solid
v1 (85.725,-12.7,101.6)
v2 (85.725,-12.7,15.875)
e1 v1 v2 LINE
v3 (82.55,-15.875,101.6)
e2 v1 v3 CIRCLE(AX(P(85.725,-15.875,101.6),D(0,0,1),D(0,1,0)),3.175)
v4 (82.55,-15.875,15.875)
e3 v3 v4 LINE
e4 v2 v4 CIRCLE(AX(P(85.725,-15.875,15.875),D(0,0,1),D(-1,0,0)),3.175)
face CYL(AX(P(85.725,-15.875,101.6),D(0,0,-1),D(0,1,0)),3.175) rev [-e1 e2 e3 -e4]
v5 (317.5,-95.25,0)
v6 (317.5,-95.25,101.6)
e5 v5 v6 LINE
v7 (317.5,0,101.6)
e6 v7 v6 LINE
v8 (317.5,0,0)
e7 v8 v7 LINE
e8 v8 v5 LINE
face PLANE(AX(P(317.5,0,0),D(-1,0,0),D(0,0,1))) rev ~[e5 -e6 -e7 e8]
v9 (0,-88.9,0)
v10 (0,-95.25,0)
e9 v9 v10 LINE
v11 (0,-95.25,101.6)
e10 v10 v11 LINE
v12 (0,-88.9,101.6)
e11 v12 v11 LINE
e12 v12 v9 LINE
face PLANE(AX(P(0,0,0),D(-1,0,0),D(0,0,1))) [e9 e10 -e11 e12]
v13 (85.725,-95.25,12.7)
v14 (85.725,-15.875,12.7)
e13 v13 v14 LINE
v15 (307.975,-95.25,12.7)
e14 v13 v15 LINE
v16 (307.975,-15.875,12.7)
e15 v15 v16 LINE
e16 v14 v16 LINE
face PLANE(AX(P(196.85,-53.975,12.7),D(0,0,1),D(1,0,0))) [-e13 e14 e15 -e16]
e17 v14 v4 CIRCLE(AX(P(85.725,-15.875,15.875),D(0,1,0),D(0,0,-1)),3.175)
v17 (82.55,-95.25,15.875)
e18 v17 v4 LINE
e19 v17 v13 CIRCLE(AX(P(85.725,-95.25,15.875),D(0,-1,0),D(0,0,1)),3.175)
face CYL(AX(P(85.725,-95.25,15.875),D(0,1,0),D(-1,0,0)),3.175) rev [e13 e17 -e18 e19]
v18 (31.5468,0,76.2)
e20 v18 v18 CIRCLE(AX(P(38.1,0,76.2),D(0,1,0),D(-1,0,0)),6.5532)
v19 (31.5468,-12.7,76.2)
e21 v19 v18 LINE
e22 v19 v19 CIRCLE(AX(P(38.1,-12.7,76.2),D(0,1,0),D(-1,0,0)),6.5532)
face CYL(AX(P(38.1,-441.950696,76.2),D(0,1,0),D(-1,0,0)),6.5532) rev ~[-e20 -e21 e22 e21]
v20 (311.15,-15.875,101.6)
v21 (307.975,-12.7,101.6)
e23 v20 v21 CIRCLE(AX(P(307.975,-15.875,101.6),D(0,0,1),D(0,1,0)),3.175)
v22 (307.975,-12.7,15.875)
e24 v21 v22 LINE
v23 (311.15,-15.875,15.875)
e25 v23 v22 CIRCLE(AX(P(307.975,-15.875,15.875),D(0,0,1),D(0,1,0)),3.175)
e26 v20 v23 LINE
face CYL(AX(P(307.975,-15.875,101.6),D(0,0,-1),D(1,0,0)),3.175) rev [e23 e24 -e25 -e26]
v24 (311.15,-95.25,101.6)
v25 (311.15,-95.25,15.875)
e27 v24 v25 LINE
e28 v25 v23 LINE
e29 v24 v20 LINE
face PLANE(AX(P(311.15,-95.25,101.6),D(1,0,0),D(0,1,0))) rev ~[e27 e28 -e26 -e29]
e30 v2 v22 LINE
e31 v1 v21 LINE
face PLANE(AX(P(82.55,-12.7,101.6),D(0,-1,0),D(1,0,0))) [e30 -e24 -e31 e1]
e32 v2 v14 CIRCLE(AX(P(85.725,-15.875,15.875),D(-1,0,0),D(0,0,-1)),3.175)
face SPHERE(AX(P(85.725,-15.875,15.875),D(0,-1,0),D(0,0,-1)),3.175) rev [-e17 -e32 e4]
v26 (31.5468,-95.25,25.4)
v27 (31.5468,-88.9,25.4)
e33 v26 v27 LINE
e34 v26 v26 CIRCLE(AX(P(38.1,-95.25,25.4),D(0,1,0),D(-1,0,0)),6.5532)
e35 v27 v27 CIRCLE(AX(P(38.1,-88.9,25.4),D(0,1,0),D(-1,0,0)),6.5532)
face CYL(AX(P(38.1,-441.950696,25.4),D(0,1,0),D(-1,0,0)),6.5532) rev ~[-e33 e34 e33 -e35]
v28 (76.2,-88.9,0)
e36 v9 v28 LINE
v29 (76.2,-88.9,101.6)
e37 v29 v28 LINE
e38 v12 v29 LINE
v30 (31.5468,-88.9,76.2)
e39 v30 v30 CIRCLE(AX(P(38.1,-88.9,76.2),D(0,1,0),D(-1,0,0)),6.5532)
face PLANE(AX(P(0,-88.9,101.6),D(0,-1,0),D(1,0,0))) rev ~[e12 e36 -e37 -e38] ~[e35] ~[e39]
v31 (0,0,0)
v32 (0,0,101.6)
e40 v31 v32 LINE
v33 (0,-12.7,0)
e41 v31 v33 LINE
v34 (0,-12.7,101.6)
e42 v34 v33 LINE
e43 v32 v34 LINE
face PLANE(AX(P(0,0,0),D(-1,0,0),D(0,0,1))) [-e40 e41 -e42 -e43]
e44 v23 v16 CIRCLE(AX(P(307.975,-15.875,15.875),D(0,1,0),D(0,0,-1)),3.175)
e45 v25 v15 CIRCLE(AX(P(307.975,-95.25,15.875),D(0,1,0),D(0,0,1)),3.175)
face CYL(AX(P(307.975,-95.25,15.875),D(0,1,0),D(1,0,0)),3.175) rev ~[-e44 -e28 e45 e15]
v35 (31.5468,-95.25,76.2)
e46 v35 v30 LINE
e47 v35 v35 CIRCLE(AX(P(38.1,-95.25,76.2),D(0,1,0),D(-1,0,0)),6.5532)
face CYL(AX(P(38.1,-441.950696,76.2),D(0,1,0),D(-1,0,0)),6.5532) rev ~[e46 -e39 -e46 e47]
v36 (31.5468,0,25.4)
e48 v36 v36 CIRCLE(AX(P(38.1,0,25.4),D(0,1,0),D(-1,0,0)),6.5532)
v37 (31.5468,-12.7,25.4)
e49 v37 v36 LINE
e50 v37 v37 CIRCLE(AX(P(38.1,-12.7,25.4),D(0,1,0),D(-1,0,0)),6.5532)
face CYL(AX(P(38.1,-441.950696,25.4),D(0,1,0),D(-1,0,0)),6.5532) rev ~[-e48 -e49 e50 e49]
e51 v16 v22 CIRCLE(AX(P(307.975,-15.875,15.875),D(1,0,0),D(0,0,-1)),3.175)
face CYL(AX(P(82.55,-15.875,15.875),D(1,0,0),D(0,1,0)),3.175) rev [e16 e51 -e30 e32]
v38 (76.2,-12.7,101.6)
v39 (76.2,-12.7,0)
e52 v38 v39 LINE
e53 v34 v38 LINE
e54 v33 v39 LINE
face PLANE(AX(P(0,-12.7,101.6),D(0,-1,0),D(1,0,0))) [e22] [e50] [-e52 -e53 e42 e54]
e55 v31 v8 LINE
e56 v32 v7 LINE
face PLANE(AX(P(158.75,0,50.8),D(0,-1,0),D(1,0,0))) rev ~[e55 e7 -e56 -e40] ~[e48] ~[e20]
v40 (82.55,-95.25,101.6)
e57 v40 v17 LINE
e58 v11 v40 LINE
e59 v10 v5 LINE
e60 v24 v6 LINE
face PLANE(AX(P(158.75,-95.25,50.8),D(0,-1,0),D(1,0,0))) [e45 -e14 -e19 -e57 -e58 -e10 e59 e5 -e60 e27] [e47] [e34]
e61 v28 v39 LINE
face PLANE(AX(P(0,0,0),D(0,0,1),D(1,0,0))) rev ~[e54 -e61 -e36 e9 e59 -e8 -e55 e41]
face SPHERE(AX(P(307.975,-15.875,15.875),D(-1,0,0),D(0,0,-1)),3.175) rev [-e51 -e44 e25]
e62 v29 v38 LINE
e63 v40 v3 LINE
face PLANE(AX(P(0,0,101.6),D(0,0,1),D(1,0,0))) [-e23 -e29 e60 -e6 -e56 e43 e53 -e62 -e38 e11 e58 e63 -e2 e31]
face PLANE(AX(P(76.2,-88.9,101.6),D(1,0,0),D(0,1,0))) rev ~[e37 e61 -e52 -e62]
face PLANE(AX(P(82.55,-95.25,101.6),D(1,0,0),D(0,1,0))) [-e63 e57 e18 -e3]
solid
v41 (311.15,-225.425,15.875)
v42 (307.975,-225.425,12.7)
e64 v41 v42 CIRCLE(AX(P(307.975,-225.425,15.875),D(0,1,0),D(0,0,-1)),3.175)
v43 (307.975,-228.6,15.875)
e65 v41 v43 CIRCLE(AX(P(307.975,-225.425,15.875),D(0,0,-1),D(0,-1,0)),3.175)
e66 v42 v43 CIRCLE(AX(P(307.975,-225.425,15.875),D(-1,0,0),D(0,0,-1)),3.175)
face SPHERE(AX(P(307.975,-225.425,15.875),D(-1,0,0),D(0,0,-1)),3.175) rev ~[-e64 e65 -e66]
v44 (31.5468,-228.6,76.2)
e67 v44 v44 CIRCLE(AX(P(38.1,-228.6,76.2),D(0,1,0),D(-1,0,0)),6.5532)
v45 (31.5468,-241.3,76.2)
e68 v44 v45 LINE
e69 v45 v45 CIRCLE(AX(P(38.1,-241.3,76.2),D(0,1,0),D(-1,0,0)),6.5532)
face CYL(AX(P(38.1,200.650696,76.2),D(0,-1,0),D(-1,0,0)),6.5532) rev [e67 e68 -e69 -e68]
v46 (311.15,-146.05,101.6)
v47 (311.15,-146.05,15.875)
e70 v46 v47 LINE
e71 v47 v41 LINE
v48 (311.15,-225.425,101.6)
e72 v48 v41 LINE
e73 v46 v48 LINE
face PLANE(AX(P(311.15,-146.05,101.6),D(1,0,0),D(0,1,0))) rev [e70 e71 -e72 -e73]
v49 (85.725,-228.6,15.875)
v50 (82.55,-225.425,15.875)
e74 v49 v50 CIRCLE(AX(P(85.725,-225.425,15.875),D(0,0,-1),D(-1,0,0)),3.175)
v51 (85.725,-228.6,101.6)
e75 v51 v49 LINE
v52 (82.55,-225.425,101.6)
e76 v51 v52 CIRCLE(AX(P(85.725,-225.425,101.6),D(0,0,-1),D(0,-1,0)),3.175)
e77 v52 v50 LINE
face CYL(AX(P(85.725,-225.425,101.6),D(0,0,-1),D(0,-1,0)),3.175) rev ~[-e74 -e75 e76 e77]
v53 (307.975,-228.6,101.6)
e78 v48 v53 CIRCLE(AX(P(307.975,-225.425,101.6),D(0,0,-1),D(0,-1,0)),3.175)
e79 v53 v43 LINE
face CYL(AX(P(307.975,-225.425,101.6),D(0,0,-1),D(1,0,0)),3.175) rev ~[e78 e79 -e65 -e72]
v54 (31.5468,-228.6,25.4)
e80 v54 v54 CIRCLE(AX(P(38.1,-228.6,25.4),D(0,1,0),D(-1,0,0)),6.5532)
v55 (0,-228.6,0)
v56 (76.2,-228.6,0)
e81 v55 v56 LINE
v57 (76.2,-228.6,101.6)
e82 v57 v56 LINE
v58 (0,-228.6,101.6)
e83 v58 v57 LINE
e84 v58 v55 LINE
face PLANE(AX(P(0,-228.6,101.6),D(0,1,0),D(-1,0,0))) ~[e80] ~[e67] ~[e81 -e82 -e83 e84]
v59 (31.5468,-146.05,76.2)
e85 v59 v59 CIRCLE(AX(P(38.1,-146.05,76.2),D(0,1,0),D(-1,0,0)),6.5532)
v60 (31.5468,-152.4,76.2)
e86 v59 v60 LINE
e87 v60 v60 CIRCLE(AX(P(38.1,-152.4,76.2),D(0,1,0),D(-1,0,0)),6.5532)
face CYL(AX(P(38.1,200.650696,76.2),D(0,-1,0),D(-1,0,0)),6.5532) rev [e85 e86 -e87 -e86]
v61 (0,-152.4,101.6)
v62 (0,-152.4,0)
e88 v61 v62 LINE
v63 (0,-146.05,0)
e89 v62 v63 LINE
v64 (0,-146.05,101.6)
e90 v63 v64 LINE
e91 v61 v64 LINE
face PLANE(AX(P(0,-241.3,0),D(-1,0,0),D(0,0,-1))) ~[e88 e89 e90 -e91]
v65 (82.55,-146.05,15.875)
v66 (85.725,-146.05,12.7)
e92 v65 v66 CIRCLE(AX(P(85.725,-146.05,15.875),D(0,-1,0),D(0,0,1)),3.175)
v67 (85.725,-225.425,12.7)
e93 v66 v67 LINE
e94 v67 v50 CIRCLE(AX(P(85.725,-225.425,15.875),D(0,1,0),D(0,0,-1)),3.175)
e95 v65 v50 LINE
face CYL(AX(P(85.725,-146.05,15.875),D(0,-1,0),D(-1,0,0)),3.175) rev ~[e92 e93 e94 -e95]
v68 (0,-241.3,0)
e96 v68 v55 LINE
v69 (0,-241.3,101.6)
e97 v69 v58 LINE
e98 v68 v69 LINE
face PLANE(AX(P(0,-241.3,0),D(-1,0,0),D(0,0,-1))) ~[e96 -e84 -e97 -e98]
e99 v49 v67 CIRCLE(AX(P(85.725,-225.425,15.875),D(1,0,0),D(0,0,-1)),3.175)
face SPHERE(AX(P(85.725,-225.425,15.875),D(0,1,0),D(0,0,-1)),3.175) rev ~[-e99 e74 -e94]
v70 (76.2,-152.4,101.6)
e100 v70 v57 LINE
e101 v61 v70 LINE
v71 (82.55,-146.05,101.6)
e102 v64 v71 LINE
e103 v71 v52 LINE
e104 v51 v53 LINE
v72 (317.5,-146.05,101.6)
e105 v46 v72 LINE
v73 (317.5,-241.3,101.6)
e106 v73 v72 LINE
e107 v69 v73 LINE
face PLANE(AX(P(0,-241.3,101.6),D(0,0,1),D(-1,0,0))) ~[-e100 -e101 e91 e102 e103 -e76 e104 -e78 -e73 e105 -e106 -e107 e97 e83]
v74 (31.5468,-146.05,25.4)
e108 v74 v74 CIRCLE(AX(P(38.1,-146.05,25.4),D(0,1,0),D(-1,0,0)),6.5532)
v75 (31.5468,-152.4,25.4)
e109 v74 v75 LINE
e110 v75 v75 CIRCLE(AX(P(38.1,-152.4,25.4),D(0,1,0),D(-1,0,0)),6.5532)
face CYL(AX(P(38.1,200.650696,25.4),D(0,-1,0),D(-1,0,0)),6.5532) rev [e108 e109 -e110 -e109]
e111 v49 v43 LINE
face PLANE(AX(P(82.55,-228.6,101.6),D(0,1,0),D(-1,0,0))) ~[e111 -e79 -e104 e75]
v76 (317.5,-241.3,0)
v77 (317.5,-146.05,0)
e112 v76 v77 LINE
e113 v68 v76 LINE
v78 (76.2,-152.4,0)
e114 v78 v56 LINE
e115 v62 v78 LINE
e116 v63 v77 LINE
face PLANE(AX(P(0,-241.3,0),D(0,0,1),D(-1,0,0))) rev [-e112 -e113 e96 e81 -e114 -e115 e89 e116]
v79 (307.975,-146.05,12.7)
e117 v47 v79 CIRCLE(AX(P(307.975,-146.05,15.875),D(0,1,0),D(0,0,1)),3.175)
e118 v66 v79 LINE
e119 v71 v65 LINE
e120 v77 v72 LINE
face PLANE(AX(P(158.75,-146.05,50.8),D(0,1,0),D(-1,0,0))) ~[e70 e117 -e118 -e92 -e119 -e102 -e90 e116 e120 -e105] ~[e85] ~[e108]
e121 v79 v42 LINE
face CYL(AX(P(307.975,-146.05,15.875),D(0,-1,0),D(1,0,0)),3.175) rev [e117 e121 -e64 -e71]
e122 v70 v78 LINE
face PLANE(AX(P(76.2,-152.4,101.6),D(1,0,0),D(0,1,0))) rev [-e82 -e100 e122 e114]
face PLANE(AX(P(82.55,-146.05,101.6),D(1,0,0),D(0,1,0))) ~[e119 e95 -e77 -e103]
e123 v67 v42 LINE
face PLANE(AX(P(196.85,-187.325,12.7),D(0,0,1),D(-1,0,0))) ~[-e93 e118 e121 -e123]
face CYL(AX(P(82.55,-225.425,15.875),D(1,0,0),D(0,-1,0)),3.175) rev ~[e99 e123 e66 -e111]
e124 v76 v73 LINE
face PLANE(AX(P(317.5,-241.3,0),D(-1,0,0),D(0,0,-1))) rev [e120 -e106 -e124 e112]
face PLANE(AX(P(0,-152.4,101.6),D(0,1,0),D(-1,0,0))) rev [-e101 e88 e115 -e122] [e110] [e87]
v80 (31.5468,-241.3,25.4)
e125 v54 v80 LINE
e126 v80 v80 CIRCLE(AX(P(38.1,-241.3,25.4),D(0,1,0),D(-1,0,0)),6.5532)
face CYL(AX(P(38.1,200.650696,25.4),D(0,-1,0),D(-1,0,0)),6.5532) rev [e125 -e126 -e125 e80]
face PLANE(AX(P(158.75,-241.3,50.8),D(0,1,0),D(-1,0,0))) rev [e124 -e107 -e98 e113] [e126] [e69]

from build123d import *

# Parameters (mm, degrees)
F0_W     = 317.5
F0_H     = 101.6
F1_DEPTH = 95.25
F2_W     = 76.2
F2_H     = 76.2
F3_DEPTH = 101.601
F4_W     = 228.6
F4_H     = 82.55
F5_DEPTH = 88.9
F6_R     = 3.175
F8_D     = 13.1064


with BuildPart() as f1:
    # F0 (on Front) → F1 (new body)
    with BuildSketch(Plane.XZ):
        with Locations((158.75, 50.8)):
            Rectangle(F0_W, F0_H)
    extrude(amount=F1_DEPTH)

    # F2 (on face) → F3 (cut, through all)
    with BuildSketch(Plane.XY.offset(101.6)):
        with Locations((38.1, -50.8)):
            Rectangle(F2_W, F2_H)
    extrude(amount=-F3_DEPTH, mode=Mode.SUBTRACT)

    # F4 (on face) → F5 (cut)
    with BuildSketch(Plane.XY.offset(101.6)):
        with Locations((196.85, -53.975)):
            Rectangle(F4_W, F4_H)
    extrude(amount=-F5_DEPTH, mode=Mode.SUBTRACT)

    # F6
    f6_edges = [f1.edges().sort_by_distance(p)[0] for p in [
        (82.55, -53.975, 12.7),
        (196.85, -12.7, 12.7),
        (311.15, -53.975, 12.7),
        (311.15, -12.7, 57.15),
        (82.55, -12.7, 57.15),
    ]]
    fillet(f6_edges, radius=F6_R)

    # F8 (through all)
    with Locations(Plane.XZ.offset(95.25)):
        with Locations((38.1, 76.2), (38.1, 25.4)):
            Hole(F8_D / 2)


with BuildPart() as f10_1:
    # F10: instance of F1
    add(f1.part.mirror(Plane(origin=(95.2048569335, -120.65, 39.7279895919), x_dir=(1, 0, 0), z_dir=(0, -1, 0))))


solid = Compound([f1.part, f10_1.part])
